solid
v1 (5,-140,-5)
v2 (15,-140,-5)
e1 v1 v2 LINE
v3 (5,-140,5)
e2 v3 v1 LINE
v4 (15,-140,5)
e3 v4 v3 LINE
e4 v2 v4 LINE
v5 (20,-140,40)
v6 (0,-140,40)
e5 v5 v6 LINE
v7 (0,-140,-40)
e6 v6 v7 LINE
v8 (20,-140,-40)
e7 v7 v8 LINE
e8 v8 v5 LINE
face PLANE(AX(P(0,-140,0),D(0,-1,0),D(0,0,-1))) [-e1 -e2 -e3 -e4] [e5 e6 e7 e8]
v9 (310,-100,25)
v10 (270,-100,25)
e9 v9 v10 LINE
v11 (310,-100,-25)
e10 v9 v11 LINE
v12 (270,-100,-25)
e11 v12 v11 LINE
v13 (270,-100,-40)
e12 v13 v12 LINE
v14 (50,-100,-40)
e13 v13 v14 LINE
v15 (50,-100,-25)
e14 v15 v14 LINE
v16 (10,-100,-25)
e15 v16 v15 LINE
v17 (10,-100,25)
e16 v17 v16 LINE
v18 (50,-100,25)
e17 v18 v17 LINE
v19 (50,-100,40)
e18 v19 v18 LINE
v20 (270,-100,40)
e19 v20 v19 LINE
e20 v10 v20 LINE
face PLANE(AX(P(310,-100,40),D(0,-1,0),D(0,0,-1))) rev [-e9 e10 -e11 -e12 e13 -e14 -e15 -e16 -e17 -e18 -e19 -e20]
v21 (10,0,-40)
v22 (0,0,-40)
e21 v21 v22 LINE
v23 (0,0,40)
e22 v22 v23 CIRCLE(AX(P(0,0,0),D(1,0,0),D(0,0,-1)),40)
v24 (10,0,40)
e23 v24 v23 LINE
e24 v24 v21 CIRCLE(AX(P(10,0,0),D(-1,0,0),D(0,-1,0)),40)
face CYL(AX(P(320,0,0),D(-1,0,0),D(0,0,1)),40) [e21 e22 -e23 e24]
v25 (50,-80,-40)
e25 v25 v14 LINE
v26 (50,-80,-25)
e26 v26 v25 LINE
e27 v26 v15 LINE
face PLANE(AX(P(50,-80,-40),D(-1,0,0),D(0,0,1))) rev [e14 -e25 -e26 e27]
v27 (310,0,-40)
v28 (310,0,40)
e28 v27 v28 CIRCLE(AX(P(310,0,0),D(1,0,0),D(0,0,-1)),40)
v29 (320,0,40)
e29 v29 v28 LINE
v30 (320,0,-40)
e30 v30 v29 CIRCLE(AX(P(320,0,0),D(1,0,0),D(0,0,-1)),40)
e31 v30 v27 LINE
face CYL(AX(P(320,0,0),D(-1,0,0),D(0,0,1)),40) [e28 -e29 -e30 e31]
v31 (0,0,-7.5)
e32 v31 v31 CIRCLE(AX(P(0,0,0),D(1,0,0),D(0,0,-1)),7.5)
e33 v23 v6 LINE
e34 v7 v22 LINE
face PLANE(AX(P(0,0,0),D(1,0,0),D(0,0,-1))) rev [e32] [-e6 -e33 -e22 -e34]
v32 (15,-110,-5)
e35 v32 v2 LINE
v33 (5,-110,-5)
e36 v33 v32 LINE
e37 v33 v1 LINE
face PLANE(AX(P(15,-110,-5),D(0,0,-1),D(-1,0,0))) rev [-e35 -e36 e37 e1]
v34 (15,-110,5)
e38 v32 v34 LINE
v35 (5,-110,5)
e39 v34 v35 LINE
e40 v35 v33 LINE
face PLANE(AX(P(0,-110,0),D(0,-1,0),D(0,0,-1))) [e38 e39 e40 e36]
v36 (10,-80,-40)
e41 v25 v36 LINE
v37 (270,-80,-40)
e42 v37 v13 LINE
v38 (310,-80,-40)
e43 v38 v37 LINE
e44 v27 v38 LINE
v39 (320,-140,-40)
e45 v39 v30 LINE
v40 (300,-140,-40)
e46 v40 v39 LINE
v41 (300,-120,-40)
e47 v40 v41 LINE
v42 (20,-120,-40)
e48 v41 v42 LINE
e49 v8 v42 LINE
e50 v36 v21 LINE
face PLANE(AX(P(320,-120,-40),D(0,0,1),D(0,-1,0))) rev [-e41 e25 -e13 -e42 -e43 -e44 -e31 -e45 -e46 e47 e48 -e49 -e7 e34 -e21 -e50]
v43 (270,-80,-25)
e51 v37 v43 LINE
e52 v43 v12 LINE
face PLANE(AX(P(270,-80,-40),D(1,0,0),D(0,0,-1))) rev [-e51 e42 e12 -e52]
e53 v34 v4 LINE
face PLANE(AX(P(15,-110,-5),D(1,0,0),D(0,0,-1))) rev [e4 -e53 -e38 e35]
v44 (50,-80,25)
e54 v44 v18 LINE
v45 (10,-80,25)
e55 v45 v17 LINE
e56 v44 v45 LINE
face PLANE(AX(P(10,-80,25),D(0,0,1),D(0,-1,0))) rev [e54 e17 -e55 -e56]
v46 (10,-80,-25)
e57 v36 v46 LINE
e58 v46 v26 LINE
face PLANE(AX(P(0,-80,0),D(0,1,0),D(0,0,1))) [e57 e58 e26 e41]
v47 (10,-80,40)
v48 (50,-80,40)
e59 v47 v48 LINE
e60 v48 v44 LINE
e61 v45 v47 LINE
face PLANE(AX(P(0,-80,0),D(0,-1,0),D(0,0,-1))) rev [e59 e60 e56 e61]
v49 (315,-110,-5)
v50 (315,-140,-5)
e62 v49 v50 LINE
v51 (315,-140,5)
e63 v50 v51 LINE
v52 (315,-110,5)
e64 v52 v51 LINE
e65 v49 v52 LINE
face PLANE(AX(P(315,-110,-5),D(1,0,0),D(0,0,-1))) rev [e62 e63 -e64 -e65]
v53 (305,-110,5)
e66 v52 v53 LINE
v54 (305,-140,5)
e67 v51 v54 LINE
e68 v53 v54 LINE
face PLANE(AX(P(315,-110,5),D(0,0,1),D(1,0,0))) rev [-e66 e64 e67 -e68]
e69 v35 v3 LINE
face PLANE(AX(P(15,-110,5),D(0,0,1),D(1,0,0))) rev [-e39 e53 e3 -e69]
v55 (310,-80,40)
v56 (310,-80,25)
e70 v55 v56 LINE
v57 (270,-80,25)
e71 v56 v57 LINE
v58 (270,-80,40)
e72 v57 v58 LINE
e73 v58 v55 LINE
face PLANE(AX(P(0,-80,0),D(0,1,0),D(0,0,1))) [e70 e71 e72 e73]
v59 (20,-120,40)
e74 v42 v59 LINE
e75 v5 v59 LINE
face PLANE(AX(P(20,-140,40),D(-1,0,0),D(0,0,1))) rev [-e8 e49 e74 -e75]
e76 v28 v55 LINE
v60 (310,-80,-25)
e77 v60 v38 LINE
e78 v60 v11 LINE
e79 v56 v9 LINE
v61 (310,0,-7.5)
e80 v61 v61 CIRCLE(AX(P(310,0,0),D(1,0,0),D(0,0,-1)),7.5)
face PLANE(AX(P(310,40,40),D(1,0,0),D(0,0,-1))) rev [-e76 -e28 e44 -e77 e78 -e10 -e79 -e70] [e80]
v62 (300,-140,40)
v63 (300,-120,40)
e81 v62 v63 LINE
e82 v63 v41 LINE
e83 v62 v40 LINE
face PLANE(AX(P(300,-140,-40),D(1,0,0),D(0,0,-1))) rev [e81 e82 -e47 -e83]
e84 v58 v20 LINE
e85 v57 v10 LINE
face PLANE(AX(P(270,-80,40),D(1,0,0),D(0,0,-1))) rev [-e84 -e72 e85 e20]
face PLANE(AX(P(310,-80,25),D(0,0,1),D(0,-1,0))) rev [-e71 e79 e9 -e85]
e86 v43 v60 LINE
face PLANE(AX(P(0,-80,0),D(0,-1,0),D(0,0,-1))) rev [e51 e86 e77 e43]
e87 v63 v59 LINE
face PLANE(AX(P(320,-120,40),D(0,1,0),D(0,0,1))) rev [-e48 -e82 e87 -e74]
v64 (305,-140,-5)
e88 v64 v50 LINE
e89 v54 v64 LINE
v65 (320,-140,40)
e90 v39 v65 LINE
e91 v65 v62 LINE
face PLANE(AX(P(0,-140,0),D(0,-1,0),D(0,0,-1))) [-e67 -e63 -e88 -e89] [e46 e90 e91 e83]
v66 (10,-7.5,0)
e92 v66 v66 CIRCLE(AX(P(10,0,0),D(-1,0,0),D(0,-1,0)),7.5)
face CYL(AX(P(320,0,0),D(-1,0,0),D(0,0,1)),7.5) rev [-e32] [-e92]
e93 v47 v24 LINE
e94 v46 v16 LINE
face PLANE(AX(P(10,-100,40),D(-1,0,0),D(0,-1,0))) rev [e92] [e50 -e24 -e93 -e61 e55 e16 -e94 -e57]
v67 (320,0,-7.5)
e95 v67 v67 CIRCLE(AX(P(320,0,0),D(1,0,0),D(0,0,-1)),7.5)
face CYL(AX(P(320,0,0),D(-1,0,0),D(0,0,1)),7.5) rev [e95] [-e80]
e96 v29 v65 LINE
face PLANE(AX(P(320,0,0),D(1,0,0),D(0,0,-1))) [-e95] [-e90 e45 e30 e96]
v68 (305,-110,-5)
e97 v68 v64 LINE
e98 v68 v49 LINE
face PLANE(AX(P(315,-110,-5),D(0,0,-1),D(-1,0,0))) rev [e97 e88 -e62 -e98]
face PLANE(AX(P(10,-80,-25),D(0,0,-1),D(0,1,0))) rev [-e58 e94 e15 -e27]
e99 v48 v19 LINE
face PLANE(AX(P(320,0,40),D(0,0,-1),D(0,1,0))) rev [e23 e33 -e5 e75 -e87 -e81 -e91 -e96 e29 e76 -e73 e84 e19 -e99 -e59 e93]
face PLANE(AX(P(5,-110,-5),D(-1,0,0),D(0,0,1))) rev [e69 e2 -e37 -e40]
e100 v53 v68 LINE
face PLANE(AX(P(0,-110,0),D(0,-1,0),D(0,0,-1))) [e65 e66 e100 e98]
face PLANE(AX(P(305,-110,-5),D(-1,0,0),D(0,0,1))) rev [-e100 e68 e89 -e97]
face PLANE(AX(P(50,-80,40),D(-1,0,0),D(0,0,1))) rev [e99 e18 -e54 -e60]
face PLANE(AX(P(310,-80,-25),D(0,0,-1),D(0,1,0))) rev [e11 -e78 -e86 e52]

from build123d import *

# Parameters (mm, degrees)
SKETCH_2_R             = 7.5
EXTRUDE_1_DEPTH        = 320
SKETCH_3_W             = 300
SKETCH_3_H             = 140
CUT_EXTRUDE_1_DEPTH    = 351.998575496
SKETCH_4_W             = 20
SKETCH_4_H             = 80
EXTRUDE_2_DEPTH        = 20
SKETCH_5_W             = 10
SKETCH_5_H             = 10
CUT_EXTRUDE_1480_DEPTH = 30
SKETCH_7_W             = 40
SKETCH_7_H             = 15
EXTRUDE_1842_DEPTH     = 20


with BuildPart() as part:
    # 草圖2 → 填料-伸長1 (new body)
    with BuildSketch(Plane(origin=(0, 0, 0), x_dir=(0, 0, -1), z_dir=(1, 0, 0))):
        with BuildLine():
            Line((-40, 0), (-40, -120))
            Line((-40, -120), (40, -120))
            Line((40, -120), (40, 0))
            ThreePointArc((40, 0), (0, 40), (-40, 0))
        make_face()
        Circle(SKETCH_2_R, mode=Mode.SUBTRACT)
    extrude(amount=EXTRUDE_1_DEPTH)

    # 草圖3 → 除料-伸長1 (cut, through all)
    with BuildSketch(Plane(origin=(0, 0, -40), x_dir=(-1, 0, 0), z_dir=(0, 0, -1))):
        with Locations((-160, -30)):
            Rectangle(SKETCH_3_W, SKETCH_3_H)
    extrude(amount=-CUT_EXTRUDE_1_DEPTH, mode=Mode.SUBTRACT)

    # 草圖4 → 填料-伸長2 (add)
    with BuildSketch(Plane.XZ.offset(120)):
        with Locations((10, 0)):
            Rectangle(SKETCH_4_W, SKETCH_4_H)
        with Locations((310, 0)):
            Rectangle(SKETCH_4_W, SKETCH_4_H)
    extrude(amount=EXTRUDE_2_DEPTH)

    # 草圖5 → Cut-Extrude 1480 (cut)
    with BuildSketch(Plane.XZ.offset(140)):
        with Locations((10, 0)):
            Rectangle(SKETCH_5_W, SKETCH_5_H)
        with Locations((310, 0)):
            Rectangle(SKETCH_5_W, SKETCH_5_H)
    extrude(amount=-CUT_EXTRUDE_1480_DEPTH, mode=Mode.SUBTRACT)

    # 草圖7 → Extrude 1842 (add)
    with BuildSketch(Plane(origin=(0, -100, 0), x_dir=(1, 0, 0), z_dir=(0, 1, 0))):
        with Locations((30, 32.5)):
            Rectangle(SKETCH_7_W, SKETCH_7_H)
        with Locations((30, -32.5)):
            Rectangle(SKETCH_7_W, SKETCH_7_H)
        with Locations((290, -32.5)):
            Rectangle(SKETCH_7_W, SKETCH_7_H)
        with Locations((290, 32.5)):
            Rectangle(SKETCH_7_W, SKETCH_7_H)
    extrude(amount=EXTRUDE_1842_DEPTH)


solid = part.part
